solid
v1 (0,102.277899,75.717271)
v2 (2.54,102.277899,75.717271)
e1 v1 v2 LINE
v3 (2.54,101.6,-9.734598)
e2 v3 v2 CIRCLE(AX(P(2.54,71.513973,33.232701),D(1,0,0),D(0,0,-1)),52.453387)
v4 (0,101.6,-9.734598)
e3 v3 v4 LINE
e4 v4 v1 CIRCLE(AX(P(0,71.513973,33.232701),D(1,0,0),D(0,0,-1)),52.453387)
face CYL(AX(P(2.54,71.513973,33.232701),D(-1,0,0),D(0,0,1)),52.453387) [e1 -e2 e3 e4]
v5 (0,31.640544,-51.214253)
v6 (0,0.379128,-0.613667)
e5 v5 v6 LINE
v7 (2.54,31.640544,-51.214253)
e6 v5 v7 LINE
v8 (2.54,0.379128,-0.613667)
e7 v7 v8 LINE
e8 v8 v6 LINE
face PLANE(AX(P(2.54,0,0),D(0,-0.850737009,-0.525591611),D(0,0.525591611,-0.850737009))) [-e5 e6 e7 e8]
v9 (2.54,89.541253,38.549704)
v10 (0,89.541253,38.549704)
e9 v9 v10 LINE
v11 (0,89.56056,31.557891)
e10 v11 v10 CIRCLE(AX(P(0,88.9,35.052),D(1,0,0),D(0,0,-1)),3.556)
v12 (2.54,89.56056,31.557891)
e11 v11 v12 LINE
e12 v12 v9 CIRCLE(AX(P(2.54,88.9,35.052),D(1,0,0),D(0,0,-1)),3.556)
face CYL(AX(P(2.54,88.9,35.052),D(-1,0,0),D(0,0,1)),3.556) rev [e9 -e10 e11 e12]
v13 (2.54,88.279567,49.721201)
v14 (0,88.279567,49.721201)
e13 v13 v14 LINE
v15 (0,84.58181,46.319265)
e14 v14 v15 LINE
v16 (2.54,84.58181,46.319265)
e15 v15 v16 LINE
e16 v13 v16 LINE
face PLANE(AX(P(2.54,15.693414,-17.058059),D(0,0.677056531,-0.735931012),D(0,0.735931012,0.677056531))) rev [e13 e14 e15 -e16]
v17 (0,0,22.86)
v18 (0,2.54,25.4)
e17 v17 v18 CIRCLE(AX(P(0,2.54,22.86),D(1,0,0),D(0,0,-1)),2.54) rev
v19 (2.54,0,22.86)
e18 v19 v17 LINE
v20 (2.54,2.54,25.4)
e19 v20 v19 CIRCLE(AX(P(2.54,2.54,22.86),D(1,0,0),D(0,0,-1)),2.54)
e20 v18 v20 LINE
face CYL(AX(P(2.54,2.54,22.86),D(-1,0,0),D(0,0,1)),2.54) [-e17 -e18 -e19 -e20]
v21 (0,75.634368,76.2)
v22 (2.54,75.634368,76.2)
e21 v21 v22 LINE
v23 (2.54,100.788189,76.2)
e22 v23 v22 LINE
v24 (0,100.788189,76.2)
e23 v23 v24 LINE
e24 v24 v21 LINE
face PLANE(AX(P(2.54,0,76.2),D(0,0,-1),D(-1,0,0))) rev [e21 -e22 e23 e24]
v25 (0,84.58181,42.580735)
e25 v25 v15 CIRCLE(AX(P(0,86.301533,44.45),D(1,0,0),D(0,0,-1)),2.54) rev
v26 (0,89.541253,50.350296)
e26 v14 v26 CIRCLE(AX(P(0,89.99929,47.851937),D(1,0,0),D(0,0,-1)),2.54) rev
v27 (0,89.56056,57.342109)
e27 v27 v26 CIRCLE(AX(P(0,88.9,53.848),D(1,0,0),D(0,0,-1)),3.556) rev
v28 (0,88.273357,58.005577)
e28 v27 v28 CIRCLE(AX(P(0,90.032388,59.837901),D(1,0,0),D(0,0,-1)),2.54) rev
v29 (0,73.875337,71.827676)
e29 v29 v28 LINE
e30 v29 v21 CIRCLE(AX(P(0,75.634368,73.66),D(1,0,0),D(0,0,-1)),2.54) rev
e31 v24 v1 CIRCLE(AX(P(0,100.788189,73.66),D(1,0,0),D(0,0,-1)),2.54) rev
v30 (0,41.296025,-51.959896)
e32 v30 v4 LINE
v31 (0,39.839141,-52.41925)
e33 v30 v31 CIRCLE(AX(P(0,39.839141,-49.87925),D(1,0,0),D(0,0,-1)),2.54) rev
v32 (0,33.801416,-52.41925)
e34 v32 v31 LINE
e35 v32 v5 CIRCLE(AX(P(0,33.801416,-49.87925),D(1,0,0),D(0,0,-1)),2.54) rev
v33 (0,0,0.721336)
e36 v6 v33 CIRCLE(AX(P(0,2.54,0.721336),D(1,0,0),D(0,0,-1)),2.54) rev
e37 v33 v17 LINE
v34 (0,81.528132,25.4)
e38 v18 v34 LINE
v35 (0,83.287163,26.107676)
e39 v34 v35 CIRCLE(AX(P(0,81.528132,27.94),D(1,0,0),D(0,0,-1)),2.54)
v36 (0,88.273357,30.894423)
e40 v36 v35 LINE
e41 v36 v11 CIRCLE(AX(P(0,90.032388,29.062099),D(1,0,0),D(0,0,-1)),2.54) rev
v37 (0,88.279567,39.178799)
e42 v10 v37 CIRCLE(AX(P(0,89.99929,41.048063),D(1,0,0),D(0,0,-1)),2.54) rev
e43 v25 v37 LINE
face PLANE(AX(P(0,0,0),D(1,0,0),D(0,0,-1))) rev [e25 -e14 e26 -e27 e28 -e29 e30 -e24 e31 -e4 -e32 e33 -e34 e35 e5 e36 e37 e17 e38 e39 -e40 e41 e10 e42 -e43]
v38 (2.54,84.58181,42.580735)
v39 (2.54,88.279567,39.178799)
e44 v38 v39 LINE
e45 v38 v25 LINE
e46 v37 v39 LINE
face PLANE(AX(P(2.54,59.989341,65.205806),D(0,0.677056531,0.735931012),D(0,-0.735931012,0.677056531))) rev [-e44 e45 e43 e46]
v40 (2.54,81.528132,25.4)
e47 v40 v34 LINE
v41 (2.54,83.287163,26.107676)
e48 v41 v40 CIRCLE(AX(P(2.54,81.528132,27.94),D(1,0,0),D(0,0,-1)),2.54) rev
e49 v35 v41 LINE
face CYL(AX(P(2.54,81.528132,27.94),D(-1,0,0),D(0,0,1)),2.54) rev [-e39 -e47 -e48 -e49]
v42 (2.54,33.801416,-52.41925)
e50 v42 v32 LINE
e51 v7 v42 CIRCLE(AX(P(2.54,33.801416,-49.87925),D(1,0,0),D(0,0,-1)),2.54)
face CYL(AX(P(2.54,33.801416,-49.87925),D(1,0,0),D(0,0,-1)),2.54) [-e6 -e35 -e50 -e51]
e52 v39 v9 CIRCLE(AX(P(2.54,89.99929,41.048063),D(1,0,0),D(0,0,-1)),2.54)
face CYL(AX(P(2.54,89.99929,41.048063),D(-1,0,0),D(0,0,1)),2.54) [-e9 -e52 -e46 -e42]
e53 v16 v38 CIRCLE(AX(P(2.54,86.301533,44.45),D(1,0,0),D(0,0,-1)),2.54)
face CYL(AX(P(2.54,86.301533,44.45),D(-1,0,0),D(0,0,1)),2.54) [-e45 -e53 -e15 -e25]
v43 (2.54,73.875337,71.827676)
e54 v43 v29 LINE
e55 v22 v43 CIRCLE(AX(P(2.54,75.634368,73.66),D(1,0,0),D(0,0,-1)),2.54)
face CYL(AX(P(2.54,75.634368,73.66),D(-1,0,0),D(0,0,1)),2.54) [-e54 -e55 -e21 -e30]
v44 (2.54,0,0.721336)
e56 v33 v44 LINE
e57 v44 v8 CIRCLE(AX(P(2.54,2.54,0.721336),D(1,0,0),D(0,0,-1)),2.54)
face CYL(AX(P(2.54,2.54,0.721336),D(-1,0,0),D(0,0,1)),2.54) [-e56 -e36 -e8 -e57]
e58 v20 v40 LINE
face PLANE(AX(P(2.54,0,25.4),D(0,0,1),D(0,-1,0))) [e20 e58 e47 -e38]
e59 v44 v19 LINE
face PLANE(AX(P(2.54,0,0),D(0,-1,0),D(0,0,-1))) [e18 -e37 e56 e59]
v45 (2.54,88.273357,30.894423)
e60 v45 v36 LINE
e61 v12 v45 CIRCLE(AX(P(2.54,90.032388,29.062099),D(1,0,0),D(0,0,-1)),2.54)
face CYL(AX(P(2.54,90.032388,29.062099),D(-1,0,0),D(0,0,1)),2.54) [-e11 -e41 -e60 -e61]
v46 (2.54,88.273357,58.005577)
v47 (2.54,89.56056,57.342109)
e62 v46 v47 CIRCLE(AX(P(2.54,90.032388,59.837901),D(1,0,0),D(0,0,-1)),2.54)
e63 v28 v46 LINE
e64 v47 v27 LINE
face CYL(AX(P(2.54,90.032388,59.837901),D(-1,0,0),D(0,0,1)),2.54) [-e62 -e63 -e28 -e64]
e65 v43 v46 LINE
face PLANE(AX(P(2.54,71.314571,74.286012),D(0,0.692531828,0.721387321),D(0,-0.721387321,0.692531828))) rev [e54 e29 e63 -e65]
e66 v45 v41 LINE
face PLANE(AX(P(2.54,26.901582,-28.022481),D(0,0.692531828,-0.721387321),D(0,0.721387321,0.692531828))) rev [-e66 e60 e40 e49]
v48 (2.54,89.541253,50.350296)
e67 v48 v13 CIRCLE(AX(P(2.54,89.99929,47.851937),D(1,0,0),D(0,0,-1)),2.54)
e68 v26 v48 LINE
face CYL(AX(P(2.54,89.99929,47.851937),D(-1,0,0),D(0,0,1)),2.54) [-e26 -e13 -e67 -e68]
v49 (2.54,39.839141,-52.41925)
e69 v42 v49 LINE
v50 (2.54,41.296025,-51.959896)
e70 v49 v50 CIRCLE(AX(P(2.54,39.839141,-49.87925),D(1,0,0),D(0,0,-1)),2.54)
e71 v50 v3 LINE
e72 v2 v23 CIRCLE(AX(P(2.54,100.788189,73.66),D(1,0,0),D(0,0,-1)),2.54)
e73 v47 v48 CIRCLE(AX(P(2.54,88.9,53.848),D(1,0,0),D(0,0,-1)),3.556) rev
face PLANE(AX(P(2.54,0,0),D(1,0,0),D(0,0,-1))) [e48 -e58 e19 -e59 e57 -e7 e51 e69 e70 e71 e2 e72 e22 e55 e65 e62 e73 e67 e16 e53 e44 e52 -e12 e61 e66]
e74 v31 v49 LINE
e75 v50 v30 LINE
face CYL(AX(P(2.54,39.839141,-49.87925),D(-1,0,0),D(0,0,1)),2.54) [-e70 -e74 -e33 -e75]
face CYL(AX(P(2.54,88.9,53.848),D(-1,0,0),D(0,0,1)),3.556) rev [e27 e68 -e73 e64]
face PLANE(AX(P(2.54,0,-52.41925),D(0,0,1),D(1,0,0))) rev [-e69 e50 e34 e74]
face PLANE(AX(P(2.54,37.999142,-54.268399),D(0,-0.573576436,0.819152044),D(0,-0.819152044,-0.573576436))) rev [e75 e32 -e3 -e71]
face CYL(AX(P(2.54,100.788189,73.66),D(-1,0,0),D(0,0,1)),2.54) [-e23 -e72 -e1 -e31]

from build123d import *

# Parameters (mm, degrees)
BOSS_EXTRUDE1_DEPTH = 2.54
FILLET1_R           = 2.54


with BuildPart() as part:
    # Sketch1 → Boss-Extrude1 (new body)
    with BuildSketch(Plane(origin=(0, 0, 0), x_dir=(0, 0, -1), z_dir=(1, 0, 0))):
        with BuildLine():
            ThreePointArc((-57.404, 88.9), (-53.848, 92.456), (-50.292, 88.9))
            Line((-50.292, 88.9), (-44.45, 82.55))
            Line((-44.45, 82.55), (-38.608, 88.9))
            ThreePointArc((-38.608, 88.9), (-35.052, 92.456), (-31.496, 88.9))
            Line((-31.496, 88.9), (-25.4, 82.55))
            Line((-25.4, 82.55), (-25.4, 0))
            Line((-25.4, 0), (0, 0))
            Line((0, 0), (52.41925, 32.385))
            Line((52.41925, 32.385), (52.41925, 40.64))
            Line((52.41925, 40.64), (9.734598471, 101.6))
            ThreePointArc((9.734598471, 101.6), (-33.232700765, 123.967360233), (-76.2, 101.6))
            Line((-76.2, 101.6), (-76.2, 69.320833333))
            Line((-76.2, 69.320833333), (-57.404, 88.9))
        make_face()
    extrude(amount=BOSS_EXTRUDE1_DEPTH)

    # Fillet1
    fillet1_edges = [part.edges().sort_by_distance(p)[0] for p in [
        (1.27, 40.64, -52.41925),
        (1.27, 32.385, -52.41925),
        (1.27, 0, 0),
        (1.27, 0, 25.4),
        (1.27, 82.55, 25.4),
        (1.27, 88.9, 31.496),
        (1.27, 88.9, 38.608),
        (1.27, 82.55, 44.45),
        (1.27, 88.9, 50.292),
        (1.27, 88.9, 57.404),
        (1.27, 69.320833333, 76.2),
        (1.27, 101.6, 76.2),
    ]]
    fillet(fillet1_edges, radius=FILLET1_R)


solid = part.part
